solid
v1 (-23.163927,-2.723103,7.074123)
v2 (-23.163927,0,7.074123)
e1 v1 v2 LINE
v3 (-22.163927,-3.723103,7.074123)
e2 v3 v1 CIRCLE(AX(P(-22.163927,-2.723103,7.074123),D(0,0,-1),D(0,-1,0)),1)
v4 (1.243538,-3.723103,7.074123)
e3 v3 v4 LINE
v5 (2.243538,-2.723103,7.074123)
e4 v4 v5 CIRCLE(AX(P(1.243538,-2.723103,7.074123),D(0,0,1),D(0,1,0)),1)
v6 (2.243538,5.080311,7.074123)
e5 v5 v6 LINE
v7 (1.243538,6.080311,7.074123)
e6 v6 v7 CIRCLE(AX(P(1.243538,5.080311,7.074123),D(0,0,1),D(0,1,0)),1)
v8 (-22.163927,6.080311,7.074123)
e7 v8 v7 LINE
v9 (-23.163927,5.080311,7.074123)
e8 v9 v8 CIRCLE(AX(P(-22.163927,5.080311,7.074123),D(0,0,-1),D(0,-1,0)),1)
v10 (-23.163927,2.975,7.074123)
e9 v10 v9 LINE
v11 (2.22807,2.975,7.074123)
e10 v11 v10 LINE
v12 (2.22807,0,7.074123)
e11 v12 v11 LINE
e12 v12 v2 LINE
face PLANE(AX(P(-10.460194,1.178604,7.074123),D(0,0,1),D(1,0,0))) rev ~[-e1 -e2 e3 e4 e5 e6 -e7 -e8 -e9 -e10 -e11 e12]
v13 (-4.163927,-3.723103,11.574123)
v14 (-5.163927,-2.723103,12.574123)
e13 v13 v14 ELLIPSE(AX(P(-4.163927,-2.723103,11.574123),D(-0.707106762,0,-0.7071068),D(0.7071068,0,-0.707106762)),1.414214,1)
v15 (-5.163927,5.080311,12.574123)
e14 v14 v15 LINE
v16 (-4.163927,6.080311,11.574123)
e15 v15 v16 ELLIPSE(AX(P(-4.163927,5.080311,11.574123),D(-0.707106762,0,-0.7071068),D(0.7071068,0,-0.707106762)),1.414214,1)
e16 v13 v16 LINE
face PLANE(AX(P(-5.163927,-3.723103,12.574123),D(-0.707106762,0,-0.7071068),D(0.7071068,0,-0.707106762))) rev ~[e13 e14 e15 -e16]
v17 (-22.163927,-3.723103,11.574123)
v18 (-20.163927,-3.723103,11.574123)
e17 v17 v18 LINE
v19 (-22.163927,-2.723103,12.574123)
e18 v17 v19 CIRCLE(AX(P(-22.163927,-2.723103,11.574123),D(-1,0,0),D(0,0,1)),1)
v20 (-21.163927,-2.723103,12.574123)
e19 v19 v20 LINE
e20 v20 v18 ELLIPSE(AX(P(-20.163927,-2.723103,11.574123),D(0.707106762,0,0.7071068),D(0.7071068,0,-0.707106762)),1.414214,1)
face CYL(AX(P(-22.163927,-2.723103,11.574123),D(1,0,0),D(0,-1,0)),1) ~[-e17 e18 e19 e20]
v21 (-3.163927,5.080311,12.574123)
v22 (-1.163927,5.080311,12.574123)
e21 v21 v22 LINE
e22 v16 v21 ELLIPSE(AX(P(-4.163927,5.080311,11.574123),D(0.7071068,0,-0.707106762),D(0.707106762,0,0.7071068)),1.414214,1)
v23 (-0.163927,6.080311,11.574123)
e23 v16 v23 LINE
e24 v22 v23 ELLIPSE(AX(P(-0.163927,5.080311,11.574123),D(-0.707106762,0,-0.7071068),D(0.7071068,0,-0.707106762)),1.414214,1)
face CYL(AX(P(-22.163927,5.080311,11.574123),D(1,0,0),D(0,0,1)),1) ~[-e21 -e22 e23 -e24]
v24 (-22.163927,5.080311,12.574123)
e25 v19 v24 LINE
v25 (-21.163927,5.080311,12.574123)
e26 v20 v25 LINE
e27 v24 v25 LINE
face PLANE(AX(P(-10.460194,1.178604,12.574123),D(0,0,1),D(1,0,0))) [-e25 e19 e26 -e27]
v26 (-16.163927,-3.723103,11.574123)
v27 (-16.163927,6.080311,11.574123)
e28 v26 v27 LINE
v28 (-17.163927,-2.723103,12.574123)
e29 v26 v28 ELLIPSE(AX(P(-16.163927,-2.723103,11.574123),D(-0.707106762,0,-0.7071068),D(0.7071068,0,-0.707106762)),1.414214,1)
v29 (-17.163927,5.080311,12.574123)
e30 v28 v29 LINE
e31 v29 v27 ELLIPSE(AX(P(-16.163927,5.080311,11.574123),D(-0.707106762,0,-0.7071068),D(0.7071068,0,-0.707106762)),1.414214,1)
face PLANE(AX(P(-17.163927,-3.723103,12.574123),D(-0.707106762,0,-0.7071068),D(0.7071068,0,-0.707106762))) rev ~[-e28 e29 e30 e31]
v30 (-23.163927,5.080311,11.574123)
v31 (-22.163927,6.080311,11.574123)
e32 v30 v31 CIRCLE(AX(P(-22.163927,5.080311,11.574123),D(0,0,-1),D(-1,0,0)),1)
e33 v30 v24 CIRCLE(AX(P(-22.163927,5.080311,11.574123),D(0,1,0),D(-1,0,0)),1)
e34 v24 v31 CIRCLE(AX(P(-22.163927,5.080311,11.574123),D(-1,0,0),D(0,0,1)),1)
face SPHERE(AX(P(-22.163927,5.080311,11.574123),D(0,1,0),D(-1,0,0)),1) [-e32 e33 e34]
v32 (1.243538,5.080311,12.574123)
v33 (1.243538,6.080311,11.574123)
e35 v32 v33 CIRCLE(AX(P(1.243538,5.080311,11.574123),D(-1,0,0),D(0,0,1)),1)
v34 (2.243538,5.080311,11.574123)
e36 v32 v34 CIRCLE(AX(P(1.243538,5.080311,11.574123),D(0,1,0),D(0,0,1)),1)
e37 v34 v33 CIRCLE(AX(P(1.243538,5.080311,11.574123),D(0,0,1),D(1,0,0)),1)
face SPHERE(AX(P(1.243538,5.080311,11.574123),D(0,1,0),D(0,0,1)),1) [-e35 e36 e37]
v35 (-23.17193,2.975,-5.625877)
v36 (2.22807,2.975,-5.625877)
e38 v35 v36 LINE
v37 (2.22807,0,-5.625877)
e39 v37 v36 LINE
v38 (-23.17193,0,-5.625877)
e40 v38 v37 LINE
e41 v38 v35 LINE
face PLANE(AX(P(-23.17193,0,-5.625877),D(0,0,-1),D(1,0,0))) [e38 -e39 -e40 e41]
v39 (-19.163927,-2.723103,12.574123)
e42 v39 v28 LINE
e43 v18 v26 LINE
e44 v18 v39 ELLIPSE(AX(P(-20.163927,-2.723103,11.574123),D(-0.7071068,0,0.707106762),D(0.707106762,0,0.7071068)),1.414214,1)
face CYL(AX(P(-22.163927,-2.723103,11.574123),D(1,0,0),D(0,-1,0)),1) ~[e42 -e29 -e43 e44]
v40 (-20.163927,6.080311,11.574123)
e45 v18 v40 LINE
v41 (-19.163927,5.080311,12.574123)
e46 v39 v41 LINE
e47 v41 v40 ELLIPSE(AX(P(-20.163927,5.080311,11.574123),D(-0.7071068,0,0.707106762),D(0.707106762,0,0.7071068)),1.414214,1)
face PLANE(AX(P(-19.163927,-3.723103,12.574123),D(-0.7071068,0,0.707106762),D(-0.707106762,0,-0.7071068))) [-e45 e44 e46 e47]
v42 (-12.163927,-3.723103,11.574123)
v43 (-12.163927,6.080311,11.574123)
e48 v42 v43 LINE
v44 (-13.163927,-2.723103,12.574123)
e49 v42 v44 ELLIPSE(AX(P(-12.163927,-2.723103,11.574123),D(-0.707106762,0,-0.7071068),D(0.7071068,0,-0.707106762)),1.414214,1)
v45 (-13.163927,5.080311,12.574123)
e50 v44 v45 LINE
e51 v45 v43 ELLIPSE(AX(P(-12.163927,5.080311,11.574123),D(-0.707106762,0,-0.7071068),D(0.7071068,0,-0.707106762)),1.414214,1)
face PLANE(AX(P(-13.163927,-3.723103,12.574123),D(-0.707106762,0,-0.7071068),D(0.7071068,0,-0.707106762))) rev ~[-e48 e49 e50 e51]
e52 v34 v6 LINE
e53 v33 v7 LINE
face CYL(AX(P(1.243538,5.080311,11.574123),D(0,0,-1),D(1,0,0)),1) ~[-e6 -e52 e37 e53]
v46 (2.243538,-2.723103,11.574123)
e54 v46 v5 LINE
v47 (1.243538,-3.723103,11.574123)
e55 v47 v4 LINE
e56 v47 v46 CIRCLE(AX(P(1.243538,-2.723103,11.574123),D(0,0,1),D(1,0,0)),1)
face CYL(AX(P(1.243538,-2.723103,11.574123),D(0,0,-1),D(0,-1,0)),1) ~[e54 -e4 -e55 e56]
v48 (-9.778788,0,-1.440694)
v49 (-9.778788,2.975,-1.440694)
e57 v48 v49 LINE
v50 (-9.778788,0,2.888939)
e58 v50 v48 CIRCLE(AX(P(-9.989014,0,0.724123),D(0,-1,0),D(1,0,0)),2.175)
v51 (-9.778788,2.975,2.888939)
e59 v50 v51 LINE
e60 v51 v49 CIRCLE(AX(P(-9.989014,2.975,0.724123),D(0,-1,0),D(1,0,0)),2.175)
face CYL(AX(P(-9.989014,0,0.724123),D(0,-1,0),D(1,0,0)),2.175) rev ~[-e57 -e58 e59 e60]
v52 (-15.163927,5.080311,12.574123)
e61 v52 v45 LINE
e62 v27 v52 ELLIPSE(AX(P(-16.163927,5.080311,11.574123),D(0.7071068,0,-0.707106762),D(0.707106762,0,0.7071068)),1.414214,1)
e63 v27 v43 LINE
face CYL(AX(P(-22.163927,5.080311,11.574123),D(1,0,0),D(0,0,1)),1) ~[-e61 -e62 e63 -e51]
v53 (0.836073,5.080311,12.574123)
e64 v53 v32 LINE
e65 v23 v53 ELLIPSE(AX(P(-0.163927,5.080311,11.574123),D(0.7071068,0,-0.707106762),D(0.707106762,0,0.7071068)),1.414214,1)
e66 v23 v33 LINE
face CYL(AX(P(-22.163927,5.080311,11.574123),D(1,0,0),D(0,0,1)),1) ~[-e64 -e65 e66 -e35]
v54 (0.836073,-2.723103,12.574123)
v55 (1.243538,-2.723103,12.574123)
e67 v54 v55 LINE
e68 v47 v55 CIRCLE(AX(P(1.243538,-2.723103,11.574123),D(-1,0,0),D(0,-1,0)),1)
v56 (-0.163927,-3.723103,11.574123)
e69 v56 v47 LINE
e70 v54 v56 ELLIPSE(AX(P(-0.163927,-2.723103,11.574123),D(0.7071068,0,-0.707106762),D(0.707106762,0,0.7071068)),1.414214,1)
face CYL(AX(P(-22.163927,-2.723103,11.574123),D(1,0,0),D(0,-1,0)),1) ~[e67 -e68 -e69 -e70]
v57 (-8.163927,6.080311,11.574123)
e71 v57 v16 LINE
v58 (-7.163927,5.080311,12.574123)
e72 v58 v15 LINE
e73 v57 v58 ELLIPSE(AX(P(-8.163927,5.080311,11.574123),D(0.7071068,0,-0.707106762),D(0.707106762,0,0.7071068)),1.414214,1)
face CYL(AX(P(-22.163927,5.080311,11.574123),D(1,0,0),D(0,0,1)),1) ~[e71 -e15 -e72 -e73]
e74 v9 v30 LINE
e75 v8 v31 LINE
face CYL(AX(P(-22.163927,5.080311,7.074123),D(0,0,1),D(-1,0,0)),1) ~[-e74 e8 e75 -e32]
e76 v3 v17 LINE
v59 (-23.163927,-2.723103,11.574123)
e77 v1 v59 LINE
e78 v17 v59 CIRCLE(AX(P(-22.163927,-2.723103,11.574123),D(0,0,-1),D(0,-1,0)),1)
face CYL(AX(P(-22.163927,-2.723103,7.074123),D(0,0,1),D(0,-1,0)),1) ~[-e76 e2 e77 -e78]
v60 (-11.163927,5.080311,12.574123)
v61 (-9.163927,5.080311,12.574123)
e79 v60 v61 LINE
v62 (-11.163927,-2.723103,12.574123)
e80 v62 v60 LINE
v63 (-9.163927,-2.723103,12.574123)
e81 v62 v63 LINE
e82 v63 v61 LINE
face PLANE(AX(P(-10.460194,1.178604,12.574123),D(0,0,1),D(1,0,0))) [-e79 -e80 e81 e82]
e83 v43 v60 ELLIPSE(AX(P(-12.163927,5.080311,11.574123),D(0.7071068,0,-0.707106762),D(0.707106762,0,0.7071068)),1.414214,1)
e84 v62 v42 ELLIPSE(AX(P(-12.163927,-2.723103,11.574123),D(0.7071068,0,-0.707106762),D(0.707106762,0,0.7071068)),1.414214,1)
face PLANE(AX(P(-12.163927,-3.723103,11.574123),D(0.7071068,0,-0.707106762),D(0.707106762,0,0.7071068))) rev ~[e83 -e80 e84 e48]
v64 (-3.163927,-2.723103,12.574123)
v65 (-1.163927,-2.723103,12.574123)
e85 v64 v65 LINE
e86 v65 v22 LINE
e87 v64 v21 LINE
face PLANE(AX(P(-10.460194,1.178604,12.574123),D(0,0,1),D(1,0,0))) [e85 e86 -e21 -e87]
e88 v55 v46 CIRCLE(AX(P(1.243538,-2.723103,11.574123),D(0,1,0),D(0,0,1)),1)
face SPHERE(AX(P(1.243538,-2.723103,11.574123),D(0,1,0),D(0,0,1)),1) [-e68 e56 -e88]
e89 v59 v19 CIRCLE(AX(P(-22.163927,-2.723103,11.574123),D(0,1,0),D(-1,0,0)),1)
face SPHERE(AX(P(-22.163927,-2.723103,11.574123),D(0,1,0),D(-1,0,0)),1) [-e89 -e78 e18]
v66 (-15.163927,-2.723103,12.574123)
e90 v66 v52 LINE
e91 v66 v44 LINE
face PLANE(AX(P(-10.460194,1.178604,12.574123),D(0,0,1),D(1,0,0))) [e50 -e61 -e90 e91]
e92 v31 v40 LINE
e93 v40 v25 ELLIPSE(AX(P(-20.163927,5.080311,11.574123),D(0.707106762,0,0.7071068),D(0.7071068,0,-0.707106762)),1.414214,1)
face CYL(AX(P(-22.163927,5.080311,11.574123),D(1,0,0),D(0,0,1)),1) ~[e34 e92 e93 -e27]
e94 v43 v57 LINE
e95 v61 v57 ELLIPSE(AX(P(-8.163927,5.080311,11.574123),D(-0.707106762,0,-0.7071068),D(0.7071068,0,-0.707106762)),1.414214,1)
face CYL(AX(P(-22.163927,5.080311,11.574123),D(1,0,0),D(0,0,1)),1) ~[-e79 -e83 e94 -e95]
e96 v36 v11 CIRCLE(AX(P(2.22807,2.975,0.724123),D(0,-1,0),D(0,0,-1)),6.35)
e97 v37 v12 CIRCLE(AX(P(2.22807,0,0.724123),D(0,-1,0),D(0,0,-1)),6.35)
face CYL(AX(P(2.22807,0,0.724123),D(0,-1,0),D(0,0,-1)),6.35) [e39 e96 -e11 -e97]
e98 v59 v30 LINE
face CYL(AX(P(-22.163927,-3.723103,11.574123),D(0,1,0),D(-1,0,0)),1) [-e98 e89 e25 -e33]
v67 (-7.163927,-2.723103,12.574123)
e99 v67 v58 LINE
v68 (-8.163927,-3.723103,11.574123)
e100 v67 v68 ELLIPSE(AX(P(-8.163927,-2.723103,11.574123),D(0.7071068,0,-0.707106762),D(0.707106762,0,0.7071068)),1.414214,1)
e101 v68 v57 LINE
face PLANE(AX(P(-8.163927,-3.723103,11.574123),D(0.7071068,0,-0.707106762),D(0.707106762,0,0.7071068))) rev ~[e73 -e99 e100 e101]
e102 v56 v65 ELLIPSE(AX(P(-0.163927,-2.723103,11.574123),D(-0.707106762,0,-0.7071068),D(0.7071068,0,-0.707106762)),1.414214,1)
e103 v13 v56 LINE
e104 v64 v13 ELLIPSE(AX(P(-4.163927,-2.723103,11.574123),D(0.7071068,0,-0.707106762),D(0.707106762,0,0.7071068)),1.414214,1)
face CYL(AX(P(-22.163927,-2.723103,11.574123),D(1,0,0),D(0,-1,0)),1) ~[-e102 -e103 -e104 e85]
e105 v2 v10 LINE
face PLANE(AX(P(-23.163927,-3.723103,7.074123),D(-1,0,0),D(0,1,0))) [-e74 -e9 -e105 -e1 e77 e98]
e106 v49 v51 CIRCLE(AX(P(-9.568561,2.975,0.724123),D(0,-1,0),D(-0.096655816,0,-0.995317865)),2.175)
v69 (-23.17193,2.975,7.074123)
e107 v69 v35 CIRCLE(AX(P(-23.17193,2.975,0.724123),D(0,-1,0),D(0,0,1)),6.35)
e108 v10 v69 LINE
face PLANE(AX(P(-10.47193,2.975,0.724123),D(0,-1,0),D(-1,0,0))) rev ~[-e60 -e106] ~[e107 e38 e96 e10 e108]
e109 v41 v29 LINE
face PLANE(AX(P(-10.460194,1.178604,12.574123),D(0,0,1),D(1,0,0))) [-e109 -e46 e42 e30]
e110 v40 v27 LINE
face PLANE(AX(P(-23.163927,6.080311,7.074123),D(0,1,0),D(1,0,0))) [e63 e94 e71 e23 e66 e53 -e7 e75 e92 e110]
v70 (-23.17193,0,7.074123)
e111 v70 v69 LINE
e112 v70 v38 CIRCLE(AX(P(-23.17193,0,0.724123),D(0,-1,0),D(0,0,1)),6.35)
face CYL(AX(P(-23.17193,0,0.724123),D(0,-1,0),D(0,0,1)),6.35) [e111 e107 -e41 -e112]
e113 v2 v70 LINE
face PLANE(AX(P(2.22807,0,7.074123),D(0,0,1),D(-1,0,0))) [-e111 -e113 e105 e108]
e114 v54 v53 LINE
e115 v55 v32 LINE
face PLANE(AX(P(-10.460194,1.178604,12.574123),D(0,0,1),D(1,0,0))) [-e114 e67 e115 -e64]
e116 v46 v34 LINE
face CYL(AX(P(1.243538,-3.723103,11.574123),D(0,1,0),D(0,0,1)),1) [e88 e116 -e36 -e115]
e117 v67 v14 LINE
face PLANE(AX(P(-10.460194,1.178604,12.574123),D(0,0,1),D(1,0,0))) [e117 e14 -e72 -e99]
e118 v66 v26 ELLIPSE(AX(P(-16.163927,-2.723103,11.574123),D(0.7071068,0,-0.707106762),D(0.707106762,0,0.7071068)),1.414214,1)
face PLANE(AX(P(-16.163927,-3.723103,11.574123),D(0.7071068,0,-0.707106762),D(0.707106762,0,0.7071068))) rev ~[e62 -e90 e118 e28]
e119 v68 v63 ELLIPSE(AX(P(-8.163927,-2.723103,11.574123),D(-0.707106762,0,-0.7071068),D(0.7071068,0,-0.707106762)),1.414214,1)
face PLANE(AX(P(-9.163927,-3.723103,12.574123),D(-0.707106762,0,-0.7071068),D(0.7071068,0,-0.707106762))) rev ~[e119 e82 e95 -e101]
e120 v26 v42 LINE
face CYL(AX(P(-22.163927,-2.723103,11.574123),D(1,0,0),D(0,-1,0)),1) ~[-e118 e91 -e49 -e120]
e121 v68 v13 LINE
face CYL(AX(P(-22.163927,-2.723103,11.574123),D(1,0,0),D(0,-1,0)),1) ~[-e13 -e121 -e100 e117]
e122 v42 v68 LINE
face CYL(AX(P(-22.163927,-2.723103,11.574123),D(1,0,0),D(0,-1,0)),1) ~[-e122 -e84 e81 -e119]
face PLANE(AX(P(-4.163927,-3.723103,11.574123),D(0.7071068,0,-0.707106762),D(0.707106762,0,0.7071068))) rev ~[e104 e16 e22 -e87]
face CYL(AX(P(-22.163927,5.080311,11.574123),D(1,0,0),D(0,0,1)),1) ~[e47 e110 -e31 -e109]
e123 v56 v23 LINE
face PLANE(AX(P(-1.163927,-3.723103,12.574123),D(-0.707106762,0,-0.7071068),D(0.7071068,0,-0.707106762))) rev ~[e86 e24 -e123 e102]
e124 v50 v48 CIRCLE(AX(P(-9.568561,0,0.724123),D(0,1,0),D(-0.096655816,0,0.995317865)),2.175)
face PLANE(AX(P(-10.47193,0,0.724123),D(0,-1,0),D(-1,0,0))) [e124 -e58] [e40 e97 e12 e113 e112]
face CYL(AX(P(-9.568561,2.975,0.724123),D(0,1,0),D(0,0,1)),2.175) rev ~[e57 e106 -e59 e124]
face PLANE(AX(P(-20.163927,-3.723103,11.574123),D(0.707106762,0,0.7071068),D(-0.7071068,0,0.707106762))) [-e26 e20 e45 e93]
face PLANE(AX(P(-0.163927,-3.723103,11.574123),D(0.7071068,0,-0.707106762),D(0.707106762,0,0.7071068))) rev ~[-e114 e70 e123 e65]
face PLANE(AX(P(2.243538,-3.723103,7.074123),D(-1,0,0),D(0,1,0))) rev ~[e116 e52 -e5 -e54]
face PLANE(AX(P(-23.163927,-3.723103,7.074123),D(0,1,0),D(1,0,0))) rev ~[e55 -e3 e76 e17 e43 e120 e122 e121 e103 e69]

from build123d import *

# Parameters (mm, degrees)
BOSS_EXTRUDE1_DEPTH = 2.975
SKETCH2_W           = 25.407464895
SKETCH2_H           = 9.803414335
BOSS_EXTRUDE2_DEPTH = 5.5
FILLET1_R           = 1
FILLET2_R           = 1
FILLET3_R           = 1
FILLET4_R           = 1
CUT_EXTRUDE3_DEPTH  = 10
SKETCH6_R           = 2.175
CUT_EXTRUDE4_DEPTH  = 10
SKETCH5_R           = 2.175
CUT_EXTRUDE2_DEPTH  = 10


with BuildPart() as part:
    # Sketch1 → Boss-Extrude1 (new body)
    with BuildSketch(Plane(origin=(0, 0, 0), x_dir=(1, 0, 0), z_dir=(0, 1, 0))):
        with BuildLine():
            Line((-23.171929825, 5.625877193), (2.228070175, 5.625877193))
            ThreePointArc((2.228070175, 5.625877193), (8.578070175, -0.724122807), (2.228070175, -7.074122807))
            Line((2.228070175, -7.074122807), (-23.171929825, -7.074122807))
            ThreePointArc((-23.171929825, -7.074122807), (-29.521929825, -0.724122807), (-23.171929825, 5.625877193))
        make_face()
    extrude(amount=BOSS_EXTRUDE1_DEPTH)

    # Sketch2 → Boss-Extrude2 (add)
    with BuildSketch(Plane.XY.offset(7.074122807)):
        with Locations((-10.460194126, 1.178603883)):
            Rectangle(SKETCH2_W, SKETCH2_H)
    extrude(amount=BOSS_EXTRUDE2_DEPTH)

    # Fillet1
    fillet1_edges = [part.edges().sort_by_distance(p)[0] for p in [
        (-23.163926573, 1.178603883, 12.574122807),
    ]]
    fillet(fillet1_edges, radius=FILLET1_R)

    # Fillet2
    fillet2_edges = [part.edges().sort_by_distance(p)[0] for p in [
        (2.243538322, 1.178603883, 12.574122807),
    ]]
    fillet(fillet2_edges, radius=FILLET2_R)

    # Fillet3
    fillet3_edges = [part.edges().sort_by_distance(p)[0] for p in [
        (-10.460194125, -3.723103285, 12.574122807),
        (-23.163926573, -3.723103285, 9.324122807),
        (-22.871033354, -3.723103285, 12.281229588),
        (2.243538322, -3.723103285, 9.324122807),
        (1.950645103, -3.723103285, 12.281229588),
    ]]
    fillet(fillet3_edges, radius=FILLET3_R)

    # Fillet4
    fillet4_edges = [part.edges().sort_by_distance(p)[0] for p in [
        (-23.163926573, 6.08031105, 9.324122807),
        (-22.871033354, 6.08031105, 12.281229588),
        (-10.460194125, 6.08031105, 12.574122807),
        (2.243538322, 6.08031105, 9.324122807),
        (1.950645103, 6.08031105, 12.281229588),
    ]]
    fillet(fillet4_edges, radius=FILLET4_R)

    # Sketch4 → Cut-Extrude3 (cut)
    with BuildSketch(Plane.XZ.offset(3.723103285)):
        Polygon((-15.163926573, 12.574122807), (-17.163926573, 12.574122807), (-16.163926519, 11.574122807), align=None)
        Polygon((-11.163926573, 12.574122807), (-13.163926573, 12.574122807), (-12.163926519, 11.574122807), align=None)
        Polygon((-7.163926573, 12.574122807), (-9.163926573, 12.574122807), (-8.163926519, 11.574122807), align=None)
        Polygon((-3.163926573, 12.574122807), (-5.163926573, 12.574122807), (-4.163926519, 11.574122807), align=None)
        Polygon((0.836073427, 12.574122807), (-1.163926573, 12.574122807), (-0.163926519, 11.574122807), align=None)
        Polygon((-21.163926573, 12.574122807), (-19.163926573, 12.574122807), (-20.163926519, 11.574122807), align=None)
    extrude(amount=-CUT_EXTRUDE3_DEPTH, mode=Mode.SUBTRACT)

    # Sketch6 → Cut-Extrude4 (cut)
    with BuildSketch(Plane(origin=(0, 2.975, 0), x_dir=(1, 0, 0), z_dir=(0, 1, 0))):
        with Locations(Location((-9.568561245, -0.724122807, 0), (0, 0, 270))):
            Circle(SKETCH6_R)
    extrude(amount=-CUT_EXTRUDE4_DEPTH, mode=Mode.SUBTRACT)

    # Sketch5 → Cut-Extrude2 (cut)
    with BuildSketch(Plane.XZ):
        with Locations((-9.989014044, 0.724122807)):
            Circle(SKETCH5_R)
    extrude(amount=-CUT_EXTRUDE2_DEPTH, mode=Mode.SUBTRACT)


solid = part.part
